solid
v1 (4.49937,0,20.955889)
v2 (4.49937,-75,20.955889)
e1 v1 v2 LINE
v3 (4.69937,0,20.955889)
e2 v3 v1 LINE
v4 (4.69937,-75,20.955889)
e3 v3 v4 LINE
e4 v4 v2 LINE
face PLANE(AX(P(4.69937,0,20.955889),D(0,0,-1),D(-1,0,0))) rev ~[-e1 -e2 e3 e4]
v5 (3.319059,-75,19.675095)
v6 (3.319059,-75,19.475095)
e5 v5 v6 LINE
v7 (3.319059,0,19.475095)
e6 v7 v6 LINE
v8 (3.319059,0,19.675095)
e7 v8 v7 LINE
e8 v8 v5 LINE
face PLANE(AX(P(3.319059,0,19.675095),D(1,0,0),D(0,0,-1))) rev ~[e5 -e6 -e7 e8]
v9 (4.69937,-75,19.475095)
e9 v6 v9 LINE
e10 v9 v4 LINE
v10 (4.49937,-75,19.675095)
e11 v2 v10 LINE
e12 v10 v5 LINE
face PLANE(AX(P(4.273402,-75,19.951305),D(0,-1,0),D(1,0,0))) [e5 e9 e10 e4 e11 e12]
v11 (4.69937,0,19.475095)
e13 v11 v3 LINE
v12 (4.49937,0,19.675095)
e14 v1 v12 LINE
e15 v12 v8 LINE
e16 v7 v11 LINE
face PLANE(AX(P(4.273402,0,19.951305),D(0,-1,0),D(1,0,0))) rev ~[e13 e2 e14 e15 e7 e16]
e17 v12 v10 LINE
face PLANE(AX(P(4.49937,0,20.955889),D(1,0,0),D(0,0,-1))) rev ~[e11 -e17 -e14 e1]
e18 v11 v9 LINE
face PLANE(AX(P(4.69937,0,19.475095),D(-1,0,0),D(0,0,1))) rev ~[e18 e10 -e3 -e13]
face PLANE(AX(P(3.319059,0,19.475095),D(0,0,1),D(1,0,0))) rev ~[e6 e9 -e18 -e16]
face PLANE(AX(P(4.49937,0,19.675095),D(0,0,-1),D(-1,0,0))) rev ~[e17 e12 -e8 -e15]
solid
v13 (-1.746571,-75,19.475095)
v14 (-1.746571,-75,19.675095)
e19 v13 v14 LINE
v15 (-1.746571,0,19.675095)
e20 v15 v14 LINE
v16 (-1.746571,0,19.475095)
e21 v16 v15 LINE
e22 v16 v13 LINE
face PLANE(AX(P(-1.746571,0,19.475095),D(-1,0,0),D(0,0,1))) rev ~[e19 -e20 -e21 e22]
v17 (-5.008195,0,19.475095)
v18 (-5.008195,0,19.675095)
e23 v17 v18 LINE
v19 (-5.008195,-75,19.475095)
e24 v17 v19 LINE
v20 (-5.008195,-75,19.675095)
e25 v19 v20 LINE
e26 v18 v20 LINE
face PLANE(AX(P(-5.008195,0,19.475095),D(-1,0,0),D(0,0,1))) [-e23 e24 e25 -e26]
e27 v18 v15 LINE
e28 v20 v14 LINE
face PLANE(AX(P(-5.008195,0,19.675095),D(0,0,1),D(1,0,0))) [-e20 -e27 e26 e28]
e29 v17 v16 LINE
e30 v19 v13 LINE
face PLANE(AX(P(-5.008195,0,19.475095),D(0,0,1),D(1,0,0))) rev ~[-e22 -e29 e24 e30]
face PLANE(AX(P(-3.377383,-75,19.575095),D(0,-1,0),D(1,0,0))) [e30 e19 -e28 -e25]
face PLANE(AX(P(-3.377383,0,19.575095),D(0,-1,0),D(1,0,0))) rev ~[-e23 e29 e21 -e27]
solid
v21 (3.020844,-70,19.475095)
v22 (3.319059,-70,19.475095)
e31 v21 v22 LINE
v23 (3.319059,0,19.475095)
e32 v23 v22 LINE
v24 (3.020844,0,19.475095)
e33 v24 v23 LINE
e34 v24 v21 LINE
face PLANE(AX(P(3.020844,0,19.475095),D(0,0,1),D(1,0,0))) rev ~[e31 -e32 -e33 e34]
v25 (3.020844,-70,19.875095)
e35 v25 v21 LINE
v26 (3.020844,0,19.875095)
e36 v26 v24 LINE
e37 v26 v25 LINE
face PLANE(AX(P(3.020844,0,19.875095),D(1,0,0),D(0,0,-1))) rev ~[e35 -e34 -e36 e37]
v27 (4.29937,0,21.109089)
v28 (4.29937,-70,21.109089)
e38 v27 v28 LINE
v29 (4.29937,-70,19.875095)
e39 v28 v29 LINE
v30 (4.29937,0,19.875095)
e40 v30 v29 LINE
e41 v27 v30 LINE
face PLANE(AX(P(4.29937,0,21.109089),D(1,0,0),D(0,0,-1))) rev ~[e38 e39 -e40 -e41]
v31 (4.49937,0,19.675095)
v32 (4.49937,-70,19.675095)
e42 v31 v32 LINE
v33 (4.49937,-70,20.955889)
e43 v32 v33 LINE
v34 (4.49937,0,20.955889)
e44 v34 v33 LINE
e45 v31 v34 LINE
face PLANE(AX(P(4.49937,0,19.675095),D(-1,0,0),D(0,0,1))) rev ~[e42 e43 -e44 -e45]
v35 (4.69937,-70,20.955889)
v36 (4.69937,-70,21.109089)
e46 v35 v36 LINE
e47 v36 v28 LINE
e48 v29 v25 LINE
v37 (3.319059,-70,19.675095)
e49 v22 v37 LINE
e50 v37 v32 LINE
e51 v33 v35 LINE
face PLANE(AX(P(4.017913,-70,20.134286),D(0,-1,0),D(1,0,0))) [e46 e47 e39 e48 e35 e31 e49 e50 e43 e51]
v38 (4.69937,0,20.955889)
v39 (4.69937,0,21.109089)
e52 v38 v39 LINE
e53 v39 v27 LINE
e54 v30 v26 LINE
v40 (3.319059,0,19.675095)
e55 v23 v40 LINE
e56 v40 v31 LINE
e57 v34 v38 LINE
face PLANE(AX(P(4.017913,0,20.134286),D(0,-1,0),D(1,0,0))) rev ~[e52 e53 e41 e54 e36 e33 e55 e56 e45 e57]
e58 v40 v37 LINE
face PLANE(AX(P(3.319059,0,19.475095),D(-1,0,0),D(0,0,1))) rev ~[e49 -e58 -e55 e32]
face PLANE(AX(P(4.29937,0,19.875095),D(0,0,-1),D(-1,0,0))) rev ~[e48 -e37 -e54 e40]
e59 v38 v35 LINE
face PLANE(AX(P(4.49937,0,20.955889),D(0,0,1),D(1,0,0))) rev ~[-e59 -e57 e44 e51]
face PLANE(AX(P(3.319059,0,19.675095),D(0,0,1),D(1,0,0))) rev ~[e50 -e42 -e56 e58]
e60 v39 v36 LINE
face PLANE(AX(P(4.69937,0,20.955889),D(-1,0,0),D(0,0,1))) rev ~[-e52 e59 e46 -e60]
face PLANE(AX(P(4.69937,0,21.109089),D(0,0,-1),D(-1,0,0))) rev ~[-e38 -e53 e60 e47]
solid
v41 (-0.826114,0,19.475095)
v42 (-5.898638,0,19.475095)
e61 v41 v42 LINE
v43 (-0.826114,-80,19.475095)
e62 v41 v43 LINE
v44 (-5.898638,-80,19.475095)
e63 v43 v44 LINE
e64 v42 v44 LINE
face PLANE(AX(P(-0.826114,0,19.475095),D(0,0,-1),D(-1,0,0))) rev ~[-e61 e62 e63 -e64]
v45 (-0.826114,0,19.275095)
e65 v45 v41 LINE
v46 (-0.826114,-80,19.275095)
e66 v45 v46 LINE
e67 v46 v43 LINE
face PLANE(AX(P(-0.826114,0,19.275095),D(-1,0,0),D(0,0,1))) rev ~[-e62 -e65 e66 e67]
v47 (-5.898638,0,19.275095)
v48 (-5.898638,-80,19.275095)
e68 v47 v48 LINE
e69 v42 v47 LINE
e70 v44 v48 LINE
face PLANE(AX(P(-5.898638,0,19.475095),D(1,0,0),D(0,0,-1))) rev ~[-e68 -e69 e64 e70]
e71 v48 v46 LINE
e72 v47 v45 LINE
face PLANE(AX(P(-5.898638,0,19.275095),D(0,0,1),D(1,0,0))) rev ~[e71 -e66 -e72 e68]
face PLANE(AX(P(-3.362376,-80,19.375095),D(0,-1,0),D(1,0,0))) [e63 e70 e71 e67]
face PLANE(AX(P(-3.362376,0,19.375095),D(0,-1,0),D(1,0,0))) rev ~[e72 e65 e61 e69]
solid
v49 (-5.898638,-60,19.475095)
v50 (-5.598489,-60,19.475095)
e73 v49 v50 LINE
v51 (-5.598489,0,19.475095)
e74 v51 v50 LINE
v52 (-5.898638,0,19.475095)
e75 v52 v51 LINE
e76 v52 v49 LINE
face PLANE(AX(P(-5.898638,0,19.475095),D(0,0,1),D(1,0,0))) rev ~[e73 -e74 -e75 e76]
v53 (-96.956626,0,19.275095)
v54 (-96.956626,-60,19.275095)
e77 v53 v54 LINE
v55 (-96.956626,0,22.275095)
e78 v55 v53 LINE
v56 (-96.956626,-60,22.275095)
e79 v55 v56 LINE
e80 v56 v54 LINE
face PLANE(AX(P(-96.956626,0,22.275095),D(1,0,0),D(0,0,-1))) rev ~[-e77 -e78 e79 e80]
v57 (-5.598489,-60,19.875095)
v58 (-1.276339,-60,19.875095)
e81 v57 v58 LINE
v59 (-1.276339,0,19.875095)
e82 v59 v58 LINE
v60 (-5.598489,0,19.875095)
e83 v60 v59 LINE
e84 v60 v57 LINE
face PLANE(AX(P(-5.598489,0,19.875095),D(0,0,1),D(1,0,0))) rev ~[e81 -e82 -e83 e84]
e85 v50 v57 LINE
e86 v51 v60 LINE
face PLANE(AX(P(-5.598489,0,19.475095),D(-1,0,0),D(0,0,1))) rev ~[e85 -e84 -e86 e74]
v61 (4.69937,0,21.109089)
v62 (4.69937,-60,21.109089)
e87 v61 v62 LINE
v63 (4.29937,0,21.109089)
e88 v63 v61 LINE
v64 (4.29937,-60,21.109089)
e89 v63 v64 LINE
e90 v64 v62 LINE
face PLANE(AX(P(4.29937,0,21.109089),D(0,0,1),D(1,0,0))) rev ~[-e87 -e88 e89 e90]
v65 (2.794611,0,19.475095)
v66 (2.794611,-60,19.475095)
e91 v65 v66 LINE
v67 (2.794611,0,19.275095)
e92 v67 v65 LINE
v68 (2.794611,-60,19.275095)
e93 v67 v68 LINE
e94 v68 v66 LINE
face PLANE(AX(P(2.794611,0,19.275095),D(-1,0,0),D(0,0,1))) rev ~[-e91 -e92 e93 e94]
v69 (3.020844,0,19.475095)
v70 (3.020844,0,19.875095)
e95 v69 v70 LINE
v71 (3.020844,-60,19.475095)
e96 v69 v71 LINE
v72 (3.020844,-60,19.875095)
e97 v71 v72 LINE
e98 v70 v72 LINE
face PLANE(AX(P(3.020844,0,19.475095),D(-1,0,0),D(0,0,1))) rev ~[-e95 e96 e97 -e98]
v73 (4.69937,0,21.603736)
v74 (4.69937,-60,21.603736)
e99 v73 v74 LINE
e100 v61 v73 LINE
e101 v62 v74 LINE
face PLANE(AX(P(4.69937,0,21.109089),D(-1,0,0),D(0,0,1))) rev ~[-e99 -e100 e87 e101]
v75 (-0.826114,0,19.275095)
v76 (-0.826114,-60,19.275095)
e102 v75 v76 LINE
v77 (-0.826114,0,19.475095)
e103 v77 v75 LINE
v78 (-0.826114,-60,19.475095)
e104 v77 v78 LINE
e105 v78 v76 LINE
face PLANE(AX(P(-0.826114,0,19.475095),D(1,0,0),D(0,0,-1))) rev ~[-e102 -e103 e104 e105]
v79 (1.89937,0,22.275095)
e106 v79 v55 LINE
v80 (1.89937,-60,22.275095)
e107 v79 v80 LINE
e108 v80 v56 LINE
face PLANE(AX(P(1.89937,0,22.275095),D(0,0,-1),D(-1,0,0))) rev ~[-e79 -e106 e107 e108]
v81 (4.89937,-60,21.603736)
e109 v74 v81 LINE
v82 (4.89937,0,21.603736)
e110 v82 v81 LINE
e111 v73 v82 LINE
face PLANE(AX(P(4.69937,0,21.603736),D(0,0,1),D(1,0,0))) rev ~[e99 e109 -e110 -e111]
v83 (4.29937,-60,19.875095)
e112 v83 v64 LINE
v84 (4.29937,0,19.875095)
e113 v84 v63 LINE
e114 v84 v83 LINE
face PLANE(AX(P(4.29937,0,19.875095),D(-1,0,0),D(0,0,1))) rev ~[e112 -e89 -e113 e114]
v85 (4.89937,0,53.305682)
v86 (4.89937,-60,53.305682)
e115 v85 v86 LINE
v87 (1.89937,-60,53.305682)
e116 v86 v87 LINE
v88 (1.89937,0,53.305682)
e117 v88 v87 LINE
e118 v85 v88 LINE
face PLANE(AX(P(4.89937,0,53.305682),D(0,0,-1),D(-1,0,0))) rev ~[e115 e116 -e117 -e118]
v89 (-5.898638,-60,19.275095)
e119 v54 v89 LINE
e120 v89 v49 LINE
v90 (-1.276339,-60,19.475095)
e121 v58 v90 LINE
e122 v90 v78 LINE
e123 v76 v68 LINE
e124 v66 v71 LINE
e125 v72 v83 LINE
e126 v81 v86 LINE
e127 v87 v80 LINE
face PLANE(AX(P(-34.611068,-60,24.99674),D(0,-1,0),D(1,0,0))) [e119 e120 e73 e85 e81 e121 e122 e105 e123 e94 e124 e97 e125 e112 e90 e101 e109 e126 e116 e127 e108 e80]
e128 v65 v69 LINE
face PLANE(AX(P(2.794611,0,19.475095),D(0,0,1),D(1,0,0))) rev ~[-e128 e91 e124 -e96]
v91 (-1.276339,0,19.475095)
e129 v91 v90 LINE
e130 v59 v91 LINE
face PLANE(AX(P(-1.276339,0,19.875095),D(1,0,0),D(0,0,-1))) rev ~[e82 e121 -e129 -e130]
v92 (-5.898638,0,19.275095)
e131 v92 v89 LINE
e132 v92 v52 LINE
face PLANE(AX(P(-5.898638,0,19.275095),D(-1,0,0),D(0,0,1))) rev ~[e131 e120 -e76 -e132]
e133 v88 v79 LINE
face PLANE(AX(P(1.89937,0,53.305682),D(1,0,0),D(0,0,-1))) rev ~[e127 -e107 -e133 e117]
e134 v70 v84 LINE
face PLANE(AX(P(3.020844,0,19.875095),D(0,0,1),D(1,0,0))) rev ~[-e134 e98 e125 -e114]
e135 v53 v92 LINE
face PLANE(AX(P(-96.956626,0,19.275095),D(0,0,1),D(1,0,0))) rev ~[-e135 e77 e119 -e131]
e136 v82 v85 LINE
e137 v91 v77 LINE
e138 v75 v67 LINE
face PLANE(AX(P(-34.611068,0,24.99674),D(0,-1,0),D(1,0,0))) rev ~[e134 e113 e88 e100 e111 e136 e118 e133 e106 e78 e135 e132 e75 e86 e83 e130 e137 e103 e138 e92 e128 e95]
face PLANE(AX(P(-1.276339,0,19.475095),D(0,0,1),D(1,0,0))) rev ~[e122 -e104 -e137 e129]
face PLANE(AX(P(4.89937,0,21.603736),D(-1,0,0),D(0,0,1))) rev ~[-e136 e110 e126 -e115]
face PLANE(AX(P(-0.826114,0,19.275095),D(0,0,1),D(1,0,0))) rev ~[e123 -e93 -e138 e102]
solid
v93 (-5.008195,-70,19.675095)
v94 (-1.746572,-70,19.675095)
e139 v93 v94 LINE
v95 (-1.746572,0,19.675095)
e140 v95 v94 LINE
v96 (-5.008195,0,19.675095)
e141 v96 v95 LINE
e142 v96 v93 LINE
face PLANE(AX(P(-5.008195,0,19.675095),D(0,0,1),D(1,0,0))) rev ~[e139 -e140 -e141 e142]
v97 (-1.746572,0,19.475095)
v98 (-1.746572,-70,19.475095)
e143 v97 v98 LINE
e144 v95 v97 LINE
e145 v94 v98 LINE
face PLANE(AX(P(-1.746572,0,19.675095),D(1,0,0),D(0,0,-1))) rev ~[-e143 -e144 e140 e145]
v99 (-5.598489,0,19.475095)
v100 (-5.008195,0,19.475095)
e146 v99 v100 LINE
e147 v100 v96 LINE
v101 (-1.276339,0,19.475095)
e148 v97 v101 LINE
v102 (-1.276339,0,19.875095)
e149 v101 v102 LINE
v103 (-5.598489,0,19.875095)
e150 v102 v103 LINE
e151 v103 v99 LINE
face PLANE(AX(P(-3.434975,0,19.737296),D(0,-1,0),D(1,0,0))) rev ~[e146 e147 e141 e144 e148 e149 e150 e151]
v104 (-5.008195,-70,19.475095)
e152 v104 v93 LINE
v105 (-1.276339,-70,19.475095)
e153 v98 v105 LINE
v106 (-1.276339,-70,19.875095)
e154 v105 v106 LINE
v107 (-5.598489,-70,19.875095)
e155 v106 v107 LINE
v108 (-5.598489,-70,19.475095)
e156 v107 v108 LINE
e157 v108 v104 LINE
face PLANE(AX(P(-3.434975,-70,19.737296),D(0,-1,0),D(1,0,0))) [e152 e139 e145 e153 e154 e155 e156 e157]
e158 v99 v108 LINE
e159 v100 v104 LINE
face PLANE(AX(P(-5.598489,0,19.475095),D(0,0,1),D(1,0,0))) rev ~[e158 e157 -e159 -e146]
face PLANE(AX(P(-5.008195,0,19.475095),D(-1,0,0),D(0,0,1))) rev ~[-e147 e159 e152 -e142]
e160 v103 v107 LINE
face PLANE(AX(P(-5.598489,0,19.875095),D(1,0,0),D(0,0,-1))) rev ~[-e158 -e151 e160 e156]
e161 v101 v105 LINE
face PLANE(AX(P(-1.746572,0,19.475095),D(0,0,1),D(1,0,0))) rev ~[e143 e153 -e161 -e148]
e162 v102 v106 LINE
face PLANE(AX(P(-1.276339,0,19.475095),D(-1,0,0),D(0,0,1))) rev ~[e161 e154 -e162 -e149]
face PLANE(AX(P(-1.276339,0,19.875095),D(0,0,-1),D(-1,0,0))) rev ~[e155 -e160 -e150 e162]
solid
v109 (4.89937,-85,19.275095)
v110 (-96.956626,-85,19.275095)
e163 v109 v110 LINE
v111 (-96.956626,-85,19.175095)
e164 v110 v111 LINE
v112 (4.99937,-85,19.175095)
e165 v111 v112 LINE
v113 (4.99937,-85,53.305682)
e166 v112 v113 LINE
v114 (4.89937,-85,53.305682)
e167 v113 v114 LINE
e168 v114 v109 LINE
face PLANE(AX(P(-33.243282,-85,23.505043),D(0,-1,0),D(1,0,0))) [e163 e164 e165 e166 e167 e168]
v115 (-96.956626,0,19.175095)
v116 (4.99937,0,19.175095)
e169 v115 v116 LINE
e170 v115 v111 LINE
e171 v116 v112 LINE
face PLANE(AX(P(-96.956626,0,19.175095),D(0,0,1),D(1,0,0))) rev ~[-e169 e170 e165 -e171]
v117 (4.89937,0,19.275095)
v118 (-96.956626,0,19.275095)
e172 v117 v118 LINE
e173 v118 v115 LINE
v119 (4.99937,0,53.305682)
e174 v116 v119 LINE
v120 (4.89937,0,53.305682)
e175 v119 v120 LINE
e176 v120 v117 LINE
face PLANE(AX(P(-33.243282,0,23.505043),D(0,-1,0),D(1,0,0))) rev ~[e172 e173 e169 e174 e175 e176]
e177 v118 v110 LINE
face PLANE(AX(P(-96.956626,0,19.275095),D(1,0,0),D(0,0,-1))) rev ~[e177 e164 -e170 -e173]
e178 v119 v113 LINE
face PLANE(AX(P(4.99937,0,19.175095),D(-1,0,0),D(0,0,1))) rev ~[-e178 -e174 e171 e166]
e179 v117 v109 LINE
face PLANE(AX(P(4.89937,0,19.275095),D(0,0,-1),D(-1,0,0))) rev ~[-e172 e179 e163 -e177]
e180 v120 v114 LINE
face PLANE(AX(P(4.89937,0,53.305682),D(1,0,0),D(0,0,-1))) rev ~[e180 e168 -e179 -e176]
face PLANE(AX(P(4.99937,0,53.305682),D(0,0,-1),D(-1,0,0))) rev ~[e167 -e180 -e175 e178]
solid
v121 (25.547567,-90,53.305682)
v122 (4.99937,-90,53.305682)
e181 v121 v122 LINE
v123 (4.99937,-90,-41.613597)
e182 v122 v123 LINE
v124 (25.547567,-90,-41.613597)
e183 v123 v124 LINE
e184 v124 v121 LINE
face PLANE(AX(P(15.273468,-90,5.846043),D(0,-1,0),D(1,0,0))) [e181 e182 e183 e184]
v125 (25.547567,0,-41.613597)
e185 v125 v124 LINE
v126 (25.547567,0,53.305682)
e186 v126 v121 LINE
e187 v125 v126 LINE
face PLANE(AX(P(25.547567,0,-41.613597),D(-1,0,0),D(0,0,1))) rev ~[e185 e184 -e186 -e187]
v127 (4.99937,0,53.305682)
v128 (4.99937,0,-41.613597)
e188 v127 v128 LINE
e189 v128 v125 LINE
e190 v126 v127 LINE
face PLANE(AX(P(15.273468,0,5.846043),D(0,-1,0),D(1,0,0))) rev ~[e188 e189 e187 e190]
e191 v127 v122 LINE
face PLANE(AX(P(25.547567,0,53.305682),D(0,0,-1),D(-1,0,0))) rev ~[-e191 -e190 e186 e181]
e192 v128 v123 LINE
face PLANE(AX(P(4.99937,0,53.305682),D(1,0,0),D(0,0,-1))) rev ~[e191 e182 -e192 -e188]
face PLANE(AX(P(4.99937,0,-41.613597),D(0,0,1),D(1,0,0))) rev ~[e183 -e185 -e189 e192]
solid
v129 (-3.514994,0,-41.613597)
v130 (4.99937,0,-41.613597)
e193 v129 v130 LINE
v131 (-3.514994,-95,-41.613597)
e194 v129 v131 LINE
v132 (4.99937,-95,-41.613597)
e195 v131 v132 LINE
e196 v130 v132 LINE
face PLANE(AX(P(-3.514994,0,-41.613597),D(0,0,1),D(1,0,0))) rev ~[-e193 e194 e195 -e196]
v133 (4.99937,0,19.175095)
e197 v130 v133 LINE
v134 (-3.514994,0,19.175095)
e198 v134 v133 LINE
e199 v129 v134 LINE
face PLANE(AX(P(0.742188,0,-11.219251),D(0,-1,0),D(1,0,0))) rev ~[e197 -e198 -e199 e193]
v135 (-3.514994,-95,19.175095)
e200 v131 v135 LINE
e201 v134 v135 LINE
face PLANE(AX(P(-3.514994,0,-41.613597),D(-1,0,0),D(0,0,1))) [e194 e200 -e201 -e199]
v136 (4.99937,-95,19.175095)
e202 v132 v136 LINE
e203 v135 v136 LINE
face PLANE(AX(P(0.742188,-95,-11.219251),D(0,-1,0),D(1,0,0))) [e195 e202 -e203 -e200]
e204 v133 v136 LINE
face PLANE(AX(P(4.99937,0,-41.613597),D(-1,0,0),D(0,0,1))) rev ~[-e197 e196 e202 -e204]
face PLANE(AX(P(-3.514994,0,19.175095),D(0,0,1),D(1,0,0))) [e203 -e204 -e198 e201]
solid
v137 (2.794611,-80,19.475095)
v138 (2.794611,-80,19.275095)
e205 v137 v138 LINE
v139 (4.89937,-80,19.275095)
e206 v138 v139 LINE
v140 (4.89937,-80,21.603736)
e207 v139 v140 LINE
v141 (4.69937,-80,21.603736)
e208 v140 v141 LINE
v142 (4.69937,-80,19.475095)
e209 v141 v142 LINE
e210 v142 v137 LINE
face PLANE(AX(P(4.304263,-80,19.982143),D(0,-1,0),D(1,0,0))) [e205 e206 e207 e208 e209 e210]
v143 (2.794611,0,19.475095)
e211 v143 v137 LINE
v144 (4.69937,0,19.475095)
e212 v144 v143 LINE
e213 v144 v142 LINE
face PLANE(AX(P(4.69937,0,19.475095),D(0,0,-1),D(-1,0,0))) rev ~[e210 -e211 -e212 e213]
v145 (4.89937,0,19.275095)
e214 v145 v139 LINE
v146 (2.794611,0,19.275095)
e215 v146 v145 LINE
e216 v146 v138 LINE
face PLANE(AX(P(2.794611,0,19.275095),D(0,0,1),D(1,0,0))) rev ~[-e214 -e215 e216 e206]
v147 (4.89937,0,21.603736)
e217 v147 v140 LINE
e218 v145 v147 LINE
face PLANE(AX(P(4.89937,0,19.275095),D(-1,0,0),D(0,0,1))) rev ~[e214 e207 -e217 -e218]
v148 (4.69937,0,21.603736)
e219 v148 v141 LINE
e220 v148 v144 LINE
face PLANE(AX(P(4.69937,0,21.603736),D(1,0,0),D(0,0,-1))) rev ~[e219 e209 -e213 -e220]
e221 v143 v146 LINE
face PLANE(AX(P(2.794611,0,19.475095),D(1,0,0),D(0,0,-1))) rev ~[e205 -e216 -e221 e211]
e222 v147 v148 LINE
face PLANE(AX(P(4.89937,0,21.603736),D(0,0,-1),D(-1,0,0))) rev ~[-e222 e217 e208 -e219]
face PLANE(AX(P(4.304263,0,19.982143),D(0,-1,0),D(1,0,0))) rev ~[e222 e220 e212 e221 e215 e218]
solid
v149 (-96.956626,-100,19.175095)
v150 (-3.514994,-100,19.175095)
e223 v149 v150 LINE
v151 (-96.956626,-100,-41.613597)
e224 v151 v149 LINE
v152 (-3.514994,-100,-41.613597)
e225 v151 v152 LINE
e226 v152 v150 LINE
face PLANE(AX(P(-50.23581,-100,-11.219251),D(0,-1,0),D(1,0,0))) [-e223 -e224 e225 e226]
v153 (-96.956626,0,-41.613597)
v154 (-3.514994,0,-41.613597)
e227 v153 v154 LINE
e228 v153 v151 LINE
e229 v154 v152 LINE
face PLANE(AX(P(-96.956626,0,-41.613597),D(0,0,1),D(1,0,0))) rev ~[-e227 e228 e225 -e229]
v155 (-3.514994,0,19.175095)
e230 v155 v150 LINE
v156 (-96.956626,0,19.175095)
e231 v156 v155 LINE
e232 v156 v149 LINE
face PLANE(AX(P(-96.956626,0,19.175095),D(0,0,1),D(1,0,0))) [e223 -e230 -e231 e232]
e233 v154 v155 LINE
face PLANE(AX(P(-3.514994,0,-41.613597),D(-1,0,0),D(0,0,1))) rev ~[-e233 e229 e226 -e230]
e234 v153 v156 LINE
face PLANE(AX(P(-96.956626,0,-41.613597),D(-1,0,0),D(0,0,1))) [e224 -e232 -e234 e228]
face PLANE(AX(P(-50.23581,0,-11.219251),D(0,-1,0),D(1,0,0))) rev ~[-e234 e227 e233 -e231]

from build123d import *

# Parameters (mm, degrees)
F0_W      = 93.441633
F0_H      = 60.788692
F1_DEPTH  = 100
F0_W_2    = 8.514363
F2_DEPTH  = 95
F3_DEPTH  = 90
F4_DEPTH  = 85
F5_DEPTH  = 80
F6_DEPTH  = 80
F0_W_3    = 3.261623
F0_H_2    = 0.2
F7_DEPTH  = 75
F8_DEPTH  = 75
F9_DEPTH  = 70
F10_DEPTH = 70
F11_DEPTH = 60


with BuildPart() as f1:
    # F0 (on Front) → F1 (new body)
    with BuildSketch(Plane.XZ):
        with Locations((-50.23581, -11.219251)):
            Rectangle(F0_W, F0_H)
    extrude(amount=F1_DEPTH)


with BuildPart() as f2:
    # F0 (on Front) → F2 (new body)
    with BuildSketch(Plane.XZ):
        with Locations((0.742188, -11.219251)):
            Rectangle(F0_W_2, F0_H)
    extrude(amount=F2_DEPTH)


with BuildPart() as f3:
    # F0 (on Front) → F3 (new body)
    with BuildSketch(Plane.XZ):
        Polygon((4.99937, 53.305682), (4.99937, 19.175095), (4.99937, -41.613597), (25.547567, -41.613597), (25.547567, 53.305682), align=None)
    extrude(amount=F3_DEPTH)


with BuildPart() as f4:
    # F0 (on Front) → F4 (new body)
    with BuildSketch(Plane.XZ):
        Polygon((-96.956626, 19.275095), (-96.956626, 19.175095), (-3.514993, 19.175095), (4.99937, 19.175095), (4.99937, 53.305682), (4.89937, 53.305682), (4.89937, 21.603736), (4.89937, 19.275095), (2.794611, 19.275095), (-0.826114, 19.275095), (-5.898638, 19.275095), align=None)
    extrude(amount=F4_DEPTH)


with BuildPart() as f5:
    # F0 (on Front) → F5 (new body)
    with BuildSketch(Plane.XZ):
        Polygon((-5.898638, 19.475095), (-5.898638, 19.275095), (-0.826114, 19.275095), (-0.826114, 19.475095), (-1.276339, 19.475095), (-1.746572, 19.475095), (-5.008195, 19.475095), (-5.598489, 19.475095), align=None)
    extrude(amount=F5_DEPTH)


with BuildPart() as f6:
    # F0 (on Front) → F6 (new body)
    with BuildSketch(Plane.XZ):
        Polygon((2.794611, 19.475095), (2.794611, 19.275095), (4.89937, 19.275095), (4.89937, 21.603736), (4.69937, 21.603736), (4.69937, 21.109089), (4.69937, 20.955889), (4.69937, 19.475095), (3.319059, 19.475095), (3.020844, 19.475095), align=None)
    extrude(amount=F6_DEPTH)


with BuildPart() as f7:
    # F0 (on Front) → F7 (new body)
    with BuildSketch(Plane.XZ):
        with Locations((-3.377383, 19.575095)):
            Rectangle(F0_W_3, F0_H_2)
    extrude(amount=F7_DEPTH)


with BuildPart() as f8:
    # F0 (on Front) → F8 (new body)
    with BuildSketch(Plane.XZ):
        Polygon((3.319059, 19.675095), (3.319059, 19.475095), (4.69937, 19.475095), (4.69937, 20.955889), (4.49937, 20.955889), (4.49937, 19.675095), align=None)
    extrude(amount=F8_DEPTH)


with BuildPart() as f9:
    # F0 (on Front) → F9 (new body)
    with BuildSketch(Plane.XZ):
        Polygon((-5.598489, 19.875095), (-5.598489, 19.475095), (-5.008195, 19.475095), (-5.008195, 19.675095), (-1.746572, 19.675095), (-1.746572, 19.475095), (-1.276339, 19.475095), (-1.276339, 19.875095), align=None)
    extrude(amount=F9_DEPTH)


with BuildPart() as f10:
    # F0 (on Front) → F10 (new body)
    with BuildSketch(Plane.XZ):
        Polygon((3.020844, 19.875095), (3.020844, 19.475095), (3.319059, 19.475095), (3.319059, 19.675095), (4.49937, 19.675095), (4.49937, 20.955889), (4.69937, 20.955889), (4.69937, 21.109089), (4.29937, 21.109089), (4.29937, 19.875095), align=None)
    extrude(amount=F10_DEPTH)


with BuildPart() as f11:
    # F0 (on Front) → F11 (new body)
    with BuildSketch(Plane.XZ):
        Polygon((-96.956626, 22.275095), (-96.956626, 19.275095), (-5.898638, 19.275095), (-5.898638, 19.475095), (-5.598489, 19.475095), (-5.598489, 19.875095), (-1.276339, 19.875095), (-1.276339, 19.475095), (-0.826114, 19.475095), (-0.826114, 19.275095), (2.794611, 19.275095), (2.794611, 19.475095), (3.020844, 19.475095), (3.020844, 19.875095), (4.29937, 19.875095), (4.29937, 21.109089), (4.69937, 21.109089), (4.69937, 21.603736), (4.89937, 21.603736), (4.89937, 53.305682), (1.89937, 53.305682), (1.89937, 22.275095), align=None)
    extrude(amount=F11_DEPTH)


solid = Compound([f1.part, f2.part, f3.part, f4.part, f5.part, f6.part, f7.part, f8.part, f9.part, f10.part, f11.part])
